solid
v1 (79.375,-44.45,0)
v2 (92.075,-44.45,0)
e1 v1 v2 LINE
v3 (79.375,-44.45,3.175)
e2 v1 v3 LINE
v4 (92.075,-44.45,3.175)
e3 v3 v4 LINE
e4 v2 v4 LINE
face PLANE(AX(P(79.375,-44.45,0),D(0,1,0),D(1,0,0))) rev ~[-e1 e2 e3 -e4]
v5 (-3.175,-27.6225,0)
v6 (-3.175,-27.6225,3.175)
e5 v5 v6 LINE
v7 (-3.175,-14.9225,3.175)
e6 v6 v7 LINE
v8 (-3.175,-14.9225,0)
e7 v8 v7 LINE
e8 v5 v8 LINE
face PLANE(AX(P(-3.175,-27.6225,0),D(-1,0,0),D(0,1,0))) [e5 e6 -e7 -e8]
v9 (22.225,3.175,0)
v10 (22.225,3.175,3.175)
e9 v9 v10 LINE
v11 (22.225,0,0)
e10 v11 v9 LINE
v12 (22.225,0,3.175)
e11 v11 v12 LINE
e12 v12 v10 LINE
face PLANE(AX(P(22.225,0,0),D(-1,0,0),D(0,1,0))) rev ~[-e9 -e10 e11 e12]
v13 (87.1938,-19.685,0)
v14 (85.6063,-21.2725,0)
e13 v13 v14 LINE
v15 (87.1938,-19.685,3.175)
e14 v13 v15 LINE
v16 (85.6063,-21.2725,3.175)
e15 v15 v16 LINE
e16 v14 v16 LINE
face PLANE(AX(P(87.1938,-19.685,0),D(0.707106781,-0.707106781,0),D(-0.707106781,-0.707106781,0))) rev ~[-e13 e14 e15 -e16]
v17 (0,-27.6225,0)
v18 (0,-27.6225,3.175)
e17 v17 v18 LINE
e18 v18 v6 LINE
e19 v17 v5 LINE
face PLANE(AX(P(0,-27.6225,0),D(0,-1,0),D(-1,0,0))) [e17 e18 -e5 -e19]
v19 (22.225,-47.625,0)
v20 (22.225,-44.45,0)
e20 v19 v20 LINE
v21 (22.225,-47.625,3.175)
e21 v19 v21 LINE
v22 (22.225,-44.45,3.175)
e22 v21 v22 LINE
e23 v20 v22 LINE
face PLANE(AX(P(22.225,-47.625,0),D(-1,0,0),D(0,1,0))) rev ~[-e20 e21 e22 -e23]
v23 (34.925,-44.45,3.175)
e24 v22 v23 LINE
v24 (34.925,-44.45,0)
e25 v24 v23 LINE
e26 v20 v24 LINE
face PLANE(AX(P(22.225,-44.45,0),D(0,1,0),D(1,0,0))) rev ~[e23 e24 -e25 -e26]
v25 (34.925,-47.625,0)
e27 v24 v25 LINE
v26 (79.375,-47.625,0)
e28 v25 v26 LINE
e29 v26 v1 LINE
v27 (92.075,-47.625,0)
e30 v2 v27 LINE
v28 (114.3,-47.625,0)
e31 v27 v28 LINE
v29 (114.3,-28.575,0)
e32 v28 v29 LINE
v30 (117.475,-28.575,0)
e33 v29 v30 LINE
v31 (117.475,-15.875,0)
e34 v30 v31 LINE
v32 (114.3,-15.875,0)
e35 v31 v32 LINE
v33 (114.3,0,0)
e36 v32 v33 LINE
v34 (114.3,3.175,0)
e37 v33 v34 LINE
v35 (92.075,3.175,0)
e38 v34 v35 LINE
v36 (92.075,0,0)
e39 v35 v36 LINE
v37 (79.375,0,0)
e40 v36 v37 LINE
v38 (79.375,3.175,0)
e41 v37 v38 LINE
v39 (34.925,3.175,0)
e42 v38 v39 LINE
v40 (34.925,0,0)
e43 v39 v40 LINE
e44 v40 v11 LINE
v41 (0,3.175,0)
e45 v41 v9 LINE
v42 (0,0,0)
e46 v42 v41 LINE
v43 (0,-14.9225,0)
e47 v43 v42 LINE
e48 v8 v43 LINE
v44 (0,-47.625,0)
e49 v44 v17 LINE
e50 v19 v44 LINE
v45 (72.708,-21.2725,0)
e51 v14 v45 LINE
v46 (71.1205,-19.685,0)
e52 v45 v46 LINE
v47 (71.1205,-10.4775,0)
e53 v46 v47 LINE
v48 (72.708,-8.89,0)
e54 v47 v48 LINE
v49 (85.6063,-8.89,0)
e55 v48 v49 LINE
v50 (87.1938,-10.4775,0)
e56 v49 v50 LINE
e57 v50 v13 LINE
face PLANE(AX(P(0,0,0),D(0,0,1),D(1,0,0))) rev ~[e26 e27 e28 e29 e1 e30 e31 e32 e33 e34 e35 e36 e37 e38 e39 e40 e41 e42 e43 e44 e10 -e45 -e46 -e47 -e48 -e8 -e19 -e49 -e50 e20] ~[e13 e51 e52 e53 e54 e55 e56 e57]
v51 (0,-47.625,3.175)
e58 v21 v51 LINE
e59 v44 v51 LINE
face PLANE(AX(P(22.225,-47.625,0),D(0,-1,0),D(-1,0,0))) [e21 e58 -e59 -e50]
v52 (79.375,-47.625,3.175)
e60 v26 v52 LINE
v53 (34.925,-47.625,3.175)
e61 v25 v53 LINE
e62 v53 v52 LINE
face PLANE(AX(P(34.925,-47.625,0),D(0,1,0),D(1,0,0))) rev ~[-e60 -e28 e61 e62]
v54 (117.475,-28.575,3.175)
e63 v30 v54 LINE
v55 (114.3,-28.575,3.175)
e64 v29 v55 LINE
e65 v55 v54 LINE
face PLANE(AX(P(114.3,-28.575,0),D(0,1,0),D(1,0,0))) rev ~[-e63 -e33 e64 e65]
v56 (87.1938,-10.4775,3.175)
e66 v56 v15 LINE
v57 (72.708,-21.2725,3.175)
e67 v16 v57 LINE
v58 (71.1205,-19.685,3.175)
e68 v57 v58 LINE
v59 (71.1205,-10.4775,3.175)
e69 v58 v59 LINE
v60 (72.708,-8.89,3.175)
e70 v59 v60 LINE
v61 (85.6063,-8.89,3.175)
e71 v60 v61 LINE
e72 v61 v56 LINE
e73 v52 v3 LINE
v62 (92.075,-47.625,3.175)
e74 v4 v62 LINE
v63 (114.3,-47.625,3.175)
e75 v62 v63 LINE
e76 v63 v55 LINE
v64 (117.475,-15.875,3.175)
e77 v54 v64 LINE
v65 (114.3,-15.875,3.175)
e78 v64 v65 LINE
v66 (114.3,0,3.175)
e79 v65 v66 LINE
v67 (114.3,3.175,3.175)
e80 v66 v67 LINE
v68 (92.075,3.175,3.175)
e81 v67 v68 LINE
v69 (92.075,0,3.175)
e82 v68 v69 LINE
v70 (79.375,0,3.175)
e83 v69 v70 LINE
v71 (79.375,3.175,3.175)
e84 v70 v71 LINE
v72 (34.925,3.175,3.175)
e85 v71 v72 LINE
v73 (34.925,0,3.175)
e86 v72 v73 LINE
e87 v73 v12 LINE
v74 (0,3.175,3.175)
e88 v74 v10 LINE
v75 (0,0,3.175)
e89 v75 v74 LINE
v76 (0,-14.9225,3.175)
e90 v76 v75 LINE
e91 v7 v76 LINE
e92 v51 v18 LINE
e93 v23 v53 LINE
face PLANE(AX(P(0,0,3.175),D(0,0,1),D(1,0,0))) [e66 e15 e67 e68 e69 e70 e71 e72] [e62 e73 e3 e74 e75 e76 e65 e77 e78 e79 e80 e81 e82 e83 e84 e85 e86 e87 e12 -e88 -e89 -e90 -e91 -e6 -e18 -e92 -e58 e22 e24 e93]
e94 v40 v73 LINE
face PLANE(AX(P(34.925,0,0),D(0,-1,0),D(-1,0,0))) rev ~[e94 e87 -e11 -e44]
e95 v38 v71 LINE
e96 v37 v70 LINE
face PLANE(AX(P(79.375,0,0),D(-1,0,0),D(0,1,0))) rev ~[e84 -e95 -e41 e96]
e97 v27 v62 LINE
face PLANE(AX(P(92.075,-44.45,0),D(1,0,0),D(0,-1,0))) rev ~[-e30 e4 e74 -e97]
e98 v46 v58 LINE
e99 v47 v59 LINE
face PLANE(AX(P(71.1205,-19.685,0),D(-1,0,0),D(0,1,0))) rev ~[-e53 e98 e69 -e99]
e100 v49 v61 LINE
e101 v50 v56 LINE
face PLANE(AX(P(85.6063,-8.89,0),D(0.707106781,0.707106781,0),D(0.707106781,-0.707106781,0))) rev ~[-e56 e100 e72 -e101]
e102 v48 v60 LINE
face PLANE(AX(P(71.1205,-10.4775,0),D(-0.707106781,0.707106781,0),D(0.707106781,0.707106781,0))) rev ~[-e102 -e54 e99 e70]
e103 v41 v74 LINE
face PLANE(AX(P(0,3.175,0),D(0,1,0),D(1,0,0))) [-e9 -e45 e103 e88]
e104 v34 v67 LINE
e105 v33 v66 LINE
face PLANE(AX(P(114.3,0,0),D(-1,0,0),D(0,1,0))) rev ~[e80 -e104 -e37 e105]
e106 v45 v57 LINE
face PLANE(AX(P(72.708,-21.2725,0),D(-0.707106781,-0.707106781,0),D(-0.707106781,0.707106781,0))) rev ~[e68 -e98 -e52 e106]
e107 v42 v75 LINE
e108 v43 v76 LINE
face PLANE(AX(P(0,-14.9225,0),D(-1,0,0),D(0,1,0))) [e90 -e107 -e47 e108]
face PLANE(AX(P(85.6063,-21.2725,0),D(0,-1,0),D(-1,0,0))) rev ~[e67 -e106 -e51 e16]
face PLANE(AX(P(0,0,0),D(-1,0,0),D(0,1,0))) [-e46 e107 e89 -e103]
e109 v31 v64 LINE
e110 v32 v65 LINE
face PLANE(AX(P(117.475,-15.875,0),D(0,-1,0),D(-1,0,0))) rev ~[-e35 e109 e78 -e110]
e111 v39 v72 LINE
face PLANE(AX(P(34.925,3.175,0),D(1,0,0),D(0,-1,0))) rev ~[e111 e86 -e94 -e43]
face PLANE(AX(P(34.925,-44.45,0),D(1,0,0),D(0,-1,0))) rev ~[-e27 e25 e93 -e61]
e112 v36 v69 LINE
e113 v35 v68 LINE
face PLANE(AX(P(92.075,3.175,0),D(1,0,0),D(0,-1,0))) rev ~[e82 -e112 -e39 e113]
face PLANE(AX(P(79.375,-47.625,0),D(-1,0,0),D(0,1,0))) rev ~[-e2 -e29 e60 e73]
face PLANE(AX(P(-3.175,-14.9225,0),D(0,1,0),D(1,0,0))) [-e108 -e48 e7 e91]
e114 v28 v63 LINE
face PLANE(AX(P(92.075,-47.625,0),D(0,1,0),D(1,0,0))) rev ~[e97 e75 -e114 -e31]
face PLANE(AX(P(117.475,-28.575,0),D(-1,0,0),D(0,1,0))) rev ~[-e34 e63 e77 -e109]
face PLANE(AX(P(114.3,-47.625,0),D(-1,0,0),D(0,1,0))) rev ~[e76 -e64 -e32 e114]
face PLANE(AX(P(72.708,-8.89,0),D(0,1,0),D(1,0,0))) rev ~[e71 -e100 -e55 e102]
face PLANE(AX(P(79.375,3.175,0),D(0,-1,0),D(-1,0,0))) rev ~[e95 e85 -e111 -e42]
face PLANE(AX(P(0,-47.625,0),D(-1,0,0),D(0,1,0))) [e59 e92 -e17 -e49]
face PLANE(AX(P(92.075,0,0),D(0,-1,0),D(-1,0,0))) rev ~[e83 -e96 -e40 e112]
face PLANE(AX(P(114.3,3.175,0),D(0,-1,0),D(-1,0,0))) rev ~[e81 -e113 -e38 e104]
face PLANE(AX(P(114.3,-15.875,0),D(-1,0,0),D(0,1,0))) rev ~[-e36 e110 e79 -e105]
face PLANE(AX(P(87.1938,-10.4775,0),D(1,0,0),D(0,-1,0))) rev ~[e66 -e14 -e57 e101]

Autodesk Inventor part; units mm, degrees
ref_plane "YZ Plane" through (0, 0, 0) normal (1, 0, 0) x (0, 1, 0)
ref_plane "XZ Plane" through (0, 0, 0) normal (0, 1, 0) x (-1, 0, 0)
ref_plane "XY Plane" through (0, 0, 0) normal (0, 0, 1) x (1, 0, 0)
sketch "Sketch1" plane through (0, 0, 0) normal (0, 0, 1) x (1, 0, 0)
  line L0 (22.225, 0) -> (22.225, 3.175) projected
  line L1 (22.225, -47.625) -> (22.225, -44.45) projected
  line L2 (22.225, -44.45) -> (34.925, -44.45) projected
  line L3 (34.925, -44.45) -> (34.925, -47.625) projected
  line L4 (34.925, -47.625) -> (79.375, -47.625) projected
  line L5 (79.375, -47.625) -> (79.375, -44.45) projected
  line L6 (79.375, -44.45) -> (92.075, -44.45) projected
  line L7 (92.075, -44.45) -> (92.075, -47.625) projected
  line L8 (117.475, 3.175) -> (92.075, 3.175) projected
  line L9 (92.075, 3.175) -> (92.075, 0) projected
  line L10 (92.075, 0) -> (79.375, 0) projected
  line L11 (79.375, 0) -> (79.375, 3.175) projected
  line L12 (79.375, 3.175) -> (34.925, 3.175) projected
  line L13 (34.925, 3.175) -> (34.925, 0) projected
  line L14 (34.925, 0) -> (22.225, 0) projected
  line L15 (85.6063, -21.2725) -> (72.708, -21.2725) projected
  line L16 (72.708, -21.2725) -> (71.1205, -19.685) projected
  line L17 (71.1205, -19.685) -> (71.1205, -10.4775) projected
  line L18 (71.1205, -10.4775) -> (72.708, -8.89) projected
  line L19 (72.708, -8.89) -> (85.6063, -8.89) projected
  line L20 (85.6063, -8.89) -> (87.1938, -10.4775) projected
  line L21 (87.1938, -10.4775) -> (87.1938, -19.685) projected
  line L22 (87.1938, -19.685) -> (85.6063, -21.2725) projected
  line L23 (0, 0) -> (0, 3.175) projected
  line L24 (0, 3.175) -> (22.225, 3.175)
  line L25 (0, -27.6225) -> (-3.175, -27.6225)
  line L26 (-3.175, -27.6225) -> (-3.175, -14.9225)
  line L27 (-3.175, -14.9225) -> (0, -14.9225)
  line L28 (3.175, -14.9225) -> (3.175, -27.6225)
  line L29 (3.175, -27.6225) -> (-3.175, -14.9225) construction
  line L30 (-3.175, -27.6225) -> (3.175, -14.9225) construction
  line L31 (0, -47.625) -> (0, -27.6225)
  line L32 (0, -14.9225) -> (0, 3.175)
  line L33 (114.3, 0) -> (114.3, 3.175) projected
  line L34 (92.075, -47.625) -> (114.3, -47.625)
  line L35 (114.3, -28.575) -> (117.475, -28.575)
  line L36 (117.475, -28.575) -> (117.475, -15.875)
  line L37 (117.475, -15.875) -> (114.3, -15.875)
  line L38 (111.125, -15.875) -> (111.125, -28.575)
  line L39 (111.125, -28.575) -> (117.475, -15.875) construction
  line L40 (117.475, -28.575) -> (111.125, -15.875) construction
  line L41 (114.3, -47.625) -> (114.3, -28.575)
  line L42 (114.3, -15.875) -> (114.3, 3.175)
  line L43 (22.225, -47.625) -> (0, -47.625)
  point P0 (0, -21.2725)
  point P1 (114.3, -22.225)
  dimension "d2" = 6.35
  dimension "d3" = 12.7
  dimension "d4" = 6.35
  dimension "d5" = 12.7
extrude "Extrusion1" add sketch "Sketch1" along normal blind 3.175
properties part number "Side 2" material "ABS Plastic"
